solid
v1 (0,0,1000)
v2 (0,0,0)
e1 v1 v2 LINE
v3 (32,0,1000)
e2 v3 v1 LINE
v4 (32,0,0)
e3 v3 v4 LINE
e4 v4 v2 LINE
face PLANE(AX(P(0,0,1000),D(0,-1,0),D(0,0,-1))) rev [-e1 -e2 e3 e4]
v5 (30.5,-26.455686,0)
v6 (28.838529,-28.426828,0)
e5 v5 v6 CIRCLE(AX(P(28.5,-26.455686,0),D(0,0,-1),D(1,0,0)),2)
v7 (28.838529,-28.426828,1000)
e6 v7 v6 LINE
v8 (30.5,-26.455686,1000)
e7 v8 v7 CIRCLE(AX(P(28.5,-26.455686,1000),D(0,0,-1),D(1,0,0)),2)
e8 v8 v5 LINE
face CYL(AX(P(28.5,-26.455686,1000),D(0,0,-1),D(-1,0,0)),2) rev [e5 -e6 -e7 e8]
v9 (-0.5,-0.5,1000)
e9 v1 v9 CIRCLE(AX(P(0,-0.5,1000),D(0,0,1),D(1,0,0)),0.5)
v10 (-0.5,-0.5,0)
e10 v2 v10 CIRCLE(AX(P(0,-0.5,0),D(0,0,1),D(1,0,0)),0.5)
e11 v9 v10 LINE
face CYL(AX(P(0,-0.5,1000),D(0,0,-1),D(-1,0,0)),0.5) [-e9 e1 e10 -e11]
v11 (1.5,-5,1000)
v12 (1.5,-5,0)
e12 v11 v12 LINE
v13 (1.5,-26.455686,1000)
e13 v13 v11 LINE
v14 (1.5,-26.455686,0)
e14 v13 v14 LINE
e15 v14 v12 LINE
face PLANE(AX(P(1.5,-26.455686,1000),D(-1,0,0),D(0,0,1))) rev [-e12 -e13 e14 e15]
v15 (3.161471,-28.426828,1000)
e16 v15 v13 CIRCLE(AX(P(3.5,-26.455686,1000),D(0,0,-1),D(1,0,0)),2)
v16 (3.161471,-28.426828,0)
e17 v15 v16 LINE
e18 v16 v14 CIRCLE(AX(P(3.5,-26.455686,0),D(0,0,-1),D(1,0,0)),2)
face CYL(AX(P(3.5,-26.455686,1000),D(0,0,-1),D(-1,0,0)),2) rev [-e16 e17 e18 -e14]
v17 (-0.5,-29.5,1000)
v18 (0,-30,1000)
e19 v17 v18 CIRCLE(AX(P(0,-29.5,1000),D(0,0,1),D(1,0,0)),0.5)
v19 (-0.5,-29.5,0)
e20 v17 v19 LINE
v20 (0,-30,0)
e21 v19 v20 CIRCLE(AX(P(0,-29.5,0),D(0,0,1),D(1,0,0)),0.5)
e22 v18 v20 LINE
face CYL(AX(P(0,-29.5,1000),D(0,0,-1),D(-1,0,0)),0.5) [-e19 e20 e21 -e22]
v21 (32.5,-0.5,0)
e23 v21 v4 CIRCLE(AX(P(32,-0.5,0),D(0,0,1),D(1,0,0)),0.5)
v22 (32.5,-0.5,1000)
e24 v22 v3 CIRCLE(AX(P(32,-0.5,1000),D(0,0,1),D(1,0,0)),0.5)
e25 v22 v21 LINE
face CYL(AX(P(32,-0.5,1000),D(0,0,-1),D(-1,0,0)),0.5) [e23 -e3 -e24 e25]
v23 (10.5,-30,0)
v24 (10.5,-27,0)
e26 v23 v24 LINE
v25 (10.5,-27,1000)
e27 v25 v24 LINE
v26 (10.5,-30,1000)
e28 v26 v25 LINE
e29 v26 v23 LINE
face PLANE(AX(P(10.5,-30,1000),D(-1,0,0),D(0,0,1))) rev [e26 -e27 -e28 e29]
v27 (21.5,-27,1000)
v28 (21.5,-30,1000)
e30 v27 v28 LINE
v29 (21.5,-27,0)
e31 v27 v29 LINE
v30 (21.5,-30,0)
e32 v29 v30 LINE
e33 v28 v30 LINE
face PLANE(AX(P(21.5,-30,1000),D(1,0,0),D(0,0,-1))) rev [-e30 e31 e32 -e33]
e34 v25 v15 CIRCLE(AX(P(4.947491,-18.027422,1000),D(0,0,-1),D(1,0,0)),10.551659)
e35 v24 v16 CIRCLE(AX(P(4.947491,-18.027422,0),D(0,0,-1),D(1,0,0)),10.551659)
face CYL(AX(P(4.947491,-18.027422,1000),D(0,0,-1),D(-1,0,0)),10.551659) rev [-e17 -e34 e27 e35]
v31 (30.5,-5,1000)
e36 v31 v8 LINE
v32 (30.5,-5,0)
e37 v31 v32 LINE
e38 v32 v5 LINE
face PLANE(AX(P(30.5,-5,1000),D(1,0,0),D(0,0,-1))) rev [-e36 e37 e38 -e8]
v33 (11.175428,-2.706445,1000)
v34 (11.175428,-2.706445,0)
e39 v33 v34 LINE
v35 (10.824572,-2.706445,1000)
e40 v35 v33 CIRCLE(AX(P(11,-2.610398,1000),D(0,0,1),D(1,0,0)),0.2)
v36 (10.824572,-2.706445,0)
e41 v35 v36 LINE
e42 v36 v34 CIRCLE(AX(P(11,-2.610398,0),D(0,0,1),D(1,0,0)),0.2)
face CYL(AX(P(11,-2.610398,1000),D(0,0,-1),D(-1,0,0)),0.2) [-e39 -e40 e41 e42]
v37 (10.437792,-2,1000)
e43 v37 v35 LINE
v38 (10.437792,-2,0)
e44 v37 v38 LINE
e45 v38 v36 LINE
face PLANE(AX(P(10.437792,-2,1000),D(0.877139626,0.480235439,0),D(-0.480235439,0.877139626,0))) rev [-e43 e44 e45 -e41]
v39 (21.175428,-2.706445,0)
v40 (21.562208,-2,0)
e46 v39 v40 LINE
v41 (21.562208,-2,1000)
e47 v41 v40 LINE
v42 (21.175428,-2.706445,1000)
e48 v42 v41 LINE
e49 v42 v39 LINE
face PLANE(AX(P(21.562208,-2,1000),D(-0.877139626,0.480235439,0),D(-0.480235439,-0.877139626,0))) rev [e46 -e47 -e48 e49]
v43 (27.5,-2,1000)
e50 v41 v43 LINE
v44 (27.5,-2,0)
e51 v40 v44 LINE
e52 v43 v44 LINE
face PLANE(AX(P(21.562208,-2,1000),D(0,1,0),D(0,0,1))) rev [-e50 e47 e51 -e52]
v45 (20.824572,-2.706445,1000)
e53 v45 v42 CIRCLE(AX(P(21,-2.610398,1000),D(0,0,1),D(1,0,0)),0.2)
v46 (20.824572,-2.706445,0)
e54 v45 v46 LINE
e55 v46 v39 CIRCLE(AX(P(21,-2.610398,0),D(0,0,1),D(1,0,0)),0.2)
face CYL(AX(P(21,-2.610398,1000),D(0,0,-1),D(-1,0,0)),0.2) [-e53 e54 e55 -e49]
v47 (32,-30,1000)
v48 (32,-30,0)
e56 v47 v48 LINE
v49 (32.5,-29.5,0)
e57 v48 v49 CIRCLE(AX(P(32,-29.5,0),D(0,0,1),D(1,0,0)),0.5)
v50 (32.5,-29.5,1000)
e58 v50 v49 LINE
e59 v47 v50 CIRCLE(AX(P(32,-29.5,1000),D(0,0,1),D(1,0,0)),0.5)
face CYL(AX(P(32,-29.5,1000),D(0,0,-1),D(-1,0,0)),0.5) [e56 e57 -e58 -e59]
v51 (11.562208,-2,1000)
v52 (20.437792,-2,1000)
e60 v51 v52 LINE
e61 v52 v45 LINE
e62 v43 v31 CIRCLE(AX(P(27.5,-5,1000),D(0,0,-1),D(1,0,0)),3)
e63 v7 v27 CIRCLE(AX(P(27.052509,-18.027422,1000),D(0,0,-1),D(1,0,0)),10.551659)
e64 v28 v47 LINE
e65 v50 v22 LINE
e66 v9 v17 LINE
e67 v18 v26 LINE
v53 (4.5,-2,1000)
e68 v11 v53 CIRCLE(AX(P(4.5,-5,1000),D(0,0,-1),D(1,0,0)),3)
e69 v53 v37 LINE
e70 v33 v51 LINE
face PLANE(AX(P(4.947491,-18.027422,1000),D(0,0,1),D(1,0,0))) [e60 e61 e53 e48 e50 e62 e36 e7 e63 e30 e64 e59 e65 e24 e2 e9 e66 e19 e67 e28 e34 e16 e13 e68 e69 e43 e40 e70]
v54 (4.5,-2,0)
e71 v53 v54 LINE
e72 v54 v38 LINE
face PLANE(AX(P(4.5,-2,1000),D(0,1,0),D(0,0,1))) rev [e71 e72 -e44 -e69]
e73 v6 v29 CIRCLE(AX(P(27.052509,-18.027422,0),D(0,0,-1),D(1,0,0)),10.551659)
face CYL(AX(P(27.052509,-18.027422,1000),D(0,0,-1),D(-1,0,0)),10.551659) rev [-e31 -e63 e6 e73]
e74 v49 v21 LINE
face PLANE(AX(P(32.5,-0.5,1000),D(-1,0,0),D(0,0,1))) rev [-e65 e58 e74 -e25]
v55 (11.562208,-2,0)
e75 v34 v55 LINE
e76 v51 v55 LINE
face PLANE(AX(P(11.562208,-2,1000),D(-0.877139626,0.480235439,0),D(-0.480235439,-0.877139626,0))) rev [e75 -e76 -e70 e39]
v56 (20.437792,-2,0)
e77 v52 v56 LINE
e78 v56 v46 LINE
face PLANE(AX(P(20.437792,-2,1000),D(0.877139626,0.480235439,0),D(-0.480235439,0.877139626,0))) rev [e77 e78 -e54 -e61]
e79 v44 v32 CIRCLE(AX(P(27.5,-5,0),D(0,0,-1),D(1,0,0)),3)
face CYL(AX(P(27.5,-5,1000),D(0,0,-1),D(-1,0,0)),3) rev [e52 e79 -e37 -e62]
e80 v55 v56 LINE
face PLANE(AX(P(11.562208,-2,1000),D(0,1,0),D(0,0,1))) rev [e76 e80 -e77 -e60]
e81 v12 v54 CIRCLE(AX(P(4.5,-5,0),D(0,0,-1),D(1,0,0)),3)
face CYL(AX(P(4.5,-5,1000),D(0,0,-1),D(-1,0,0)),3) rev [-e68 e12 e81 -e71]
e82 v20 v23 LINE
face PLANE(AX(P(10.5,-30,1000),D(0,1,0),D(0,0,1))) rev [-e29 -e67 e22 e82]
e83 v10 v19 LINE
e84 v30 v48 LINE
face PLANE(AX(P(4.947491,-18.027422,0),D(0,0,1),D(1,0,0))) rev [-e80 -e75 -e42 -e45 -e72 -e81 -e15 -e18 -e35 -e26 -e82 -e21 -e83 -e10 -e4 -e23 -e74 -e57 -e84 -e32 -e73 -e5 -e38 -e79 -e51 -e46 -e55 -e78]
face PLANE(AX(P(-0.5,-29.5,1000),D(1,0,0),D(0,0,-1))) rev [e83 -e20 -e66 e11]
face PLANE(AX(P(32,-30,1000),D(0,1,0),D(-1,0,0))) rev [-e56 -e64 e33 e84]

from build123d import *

# Parameters (mm, degrees)
EXTRUDE_1_DEPTH = 1000


with BuildPart() as part:
    # 草图1 → 凸台-拉伸1 (new body)
    with BuildSketch(Plane.XY):
        with BuildLine():
            Line((10.5, -30), (0, -30))
            ThreePointArc((0, -30), (-0.353553391, -29.853553391), (-0.5, -29.5))
            Line((-0.5, -29.5), (-0.5, -0.5))
            ThreePointArc((-0.5, -0.5), (-0.353553391, -0.146446609), (0, 0))
            Line((0, 0), (32, 0))
            ThreePointArc((32, 0), (32.353553391, -0.146446609), (32.5, -0.5))
            Line((32.5, -0.5), (32.5, -29.5))
            ThreePointArc((32.5, -29.5), (32.353553391, -29.853553391), (32, -30))
            Line((32, -30), (21.5, -30))
            Line((21.5, -30), (21.5, -27))
            ThreePointArc((21.5, -27), (25.038664483, -28.385121551), (28.838528773, -28.426827781))
            ThreePointArc((28.838528773, -28.426827781), (30.029224893, -27.744667111), (30.5, -26.455686418))
            Line((30.5, -26.455686418), (30.5, -5))
            ThreePointArc((30.5, -5), (29.621320344, -2.878679656), (27.5, -2))
            Line((27.5, -2), (21.562207583, -2))
            Line((21.562207583, -2), (21.175427925, -2.706444665))
            ThreePointArc((21.175427925, -2.706444665), (21, -2.810397577), (20.824572075, -2.706444665))
            Line((20.824572075, -2.706444665), (20.437792417, -2))
            Line((20.437792417, -2), (11.562207583, -2))
            Line((11.562207583, -2), (11.175427925, -2.706444665))
            ThreePointArc((11.175427925, -2.706444665), (11, -2.810397577), (10.824572075, -2.706444665))
            Line((10.824572075, -2.706444665), (10.437792417, -2))
            Line((10.437792417, -2), (4.5, -2))
            ThreePointArc((4.5, -2), (2.378679656, -2.878679656), (1.5, -5))
            Line((1.5, -5), (1.5, -26.455686418))
            ThreePointArc((1.5, -26.455686418), (1.970775107, -27.744667111), (3.161471227, -28.426827781))
            ThreePointArc((3.161471227, -28.426827781), (6.961335517, -28.385121551), (10.5, -27))
            Line((10.5, -27), (10.5, -30))
        make_face()
    extrude(amount=EXTRUDE_1_DEPTH)


solid = part.part
